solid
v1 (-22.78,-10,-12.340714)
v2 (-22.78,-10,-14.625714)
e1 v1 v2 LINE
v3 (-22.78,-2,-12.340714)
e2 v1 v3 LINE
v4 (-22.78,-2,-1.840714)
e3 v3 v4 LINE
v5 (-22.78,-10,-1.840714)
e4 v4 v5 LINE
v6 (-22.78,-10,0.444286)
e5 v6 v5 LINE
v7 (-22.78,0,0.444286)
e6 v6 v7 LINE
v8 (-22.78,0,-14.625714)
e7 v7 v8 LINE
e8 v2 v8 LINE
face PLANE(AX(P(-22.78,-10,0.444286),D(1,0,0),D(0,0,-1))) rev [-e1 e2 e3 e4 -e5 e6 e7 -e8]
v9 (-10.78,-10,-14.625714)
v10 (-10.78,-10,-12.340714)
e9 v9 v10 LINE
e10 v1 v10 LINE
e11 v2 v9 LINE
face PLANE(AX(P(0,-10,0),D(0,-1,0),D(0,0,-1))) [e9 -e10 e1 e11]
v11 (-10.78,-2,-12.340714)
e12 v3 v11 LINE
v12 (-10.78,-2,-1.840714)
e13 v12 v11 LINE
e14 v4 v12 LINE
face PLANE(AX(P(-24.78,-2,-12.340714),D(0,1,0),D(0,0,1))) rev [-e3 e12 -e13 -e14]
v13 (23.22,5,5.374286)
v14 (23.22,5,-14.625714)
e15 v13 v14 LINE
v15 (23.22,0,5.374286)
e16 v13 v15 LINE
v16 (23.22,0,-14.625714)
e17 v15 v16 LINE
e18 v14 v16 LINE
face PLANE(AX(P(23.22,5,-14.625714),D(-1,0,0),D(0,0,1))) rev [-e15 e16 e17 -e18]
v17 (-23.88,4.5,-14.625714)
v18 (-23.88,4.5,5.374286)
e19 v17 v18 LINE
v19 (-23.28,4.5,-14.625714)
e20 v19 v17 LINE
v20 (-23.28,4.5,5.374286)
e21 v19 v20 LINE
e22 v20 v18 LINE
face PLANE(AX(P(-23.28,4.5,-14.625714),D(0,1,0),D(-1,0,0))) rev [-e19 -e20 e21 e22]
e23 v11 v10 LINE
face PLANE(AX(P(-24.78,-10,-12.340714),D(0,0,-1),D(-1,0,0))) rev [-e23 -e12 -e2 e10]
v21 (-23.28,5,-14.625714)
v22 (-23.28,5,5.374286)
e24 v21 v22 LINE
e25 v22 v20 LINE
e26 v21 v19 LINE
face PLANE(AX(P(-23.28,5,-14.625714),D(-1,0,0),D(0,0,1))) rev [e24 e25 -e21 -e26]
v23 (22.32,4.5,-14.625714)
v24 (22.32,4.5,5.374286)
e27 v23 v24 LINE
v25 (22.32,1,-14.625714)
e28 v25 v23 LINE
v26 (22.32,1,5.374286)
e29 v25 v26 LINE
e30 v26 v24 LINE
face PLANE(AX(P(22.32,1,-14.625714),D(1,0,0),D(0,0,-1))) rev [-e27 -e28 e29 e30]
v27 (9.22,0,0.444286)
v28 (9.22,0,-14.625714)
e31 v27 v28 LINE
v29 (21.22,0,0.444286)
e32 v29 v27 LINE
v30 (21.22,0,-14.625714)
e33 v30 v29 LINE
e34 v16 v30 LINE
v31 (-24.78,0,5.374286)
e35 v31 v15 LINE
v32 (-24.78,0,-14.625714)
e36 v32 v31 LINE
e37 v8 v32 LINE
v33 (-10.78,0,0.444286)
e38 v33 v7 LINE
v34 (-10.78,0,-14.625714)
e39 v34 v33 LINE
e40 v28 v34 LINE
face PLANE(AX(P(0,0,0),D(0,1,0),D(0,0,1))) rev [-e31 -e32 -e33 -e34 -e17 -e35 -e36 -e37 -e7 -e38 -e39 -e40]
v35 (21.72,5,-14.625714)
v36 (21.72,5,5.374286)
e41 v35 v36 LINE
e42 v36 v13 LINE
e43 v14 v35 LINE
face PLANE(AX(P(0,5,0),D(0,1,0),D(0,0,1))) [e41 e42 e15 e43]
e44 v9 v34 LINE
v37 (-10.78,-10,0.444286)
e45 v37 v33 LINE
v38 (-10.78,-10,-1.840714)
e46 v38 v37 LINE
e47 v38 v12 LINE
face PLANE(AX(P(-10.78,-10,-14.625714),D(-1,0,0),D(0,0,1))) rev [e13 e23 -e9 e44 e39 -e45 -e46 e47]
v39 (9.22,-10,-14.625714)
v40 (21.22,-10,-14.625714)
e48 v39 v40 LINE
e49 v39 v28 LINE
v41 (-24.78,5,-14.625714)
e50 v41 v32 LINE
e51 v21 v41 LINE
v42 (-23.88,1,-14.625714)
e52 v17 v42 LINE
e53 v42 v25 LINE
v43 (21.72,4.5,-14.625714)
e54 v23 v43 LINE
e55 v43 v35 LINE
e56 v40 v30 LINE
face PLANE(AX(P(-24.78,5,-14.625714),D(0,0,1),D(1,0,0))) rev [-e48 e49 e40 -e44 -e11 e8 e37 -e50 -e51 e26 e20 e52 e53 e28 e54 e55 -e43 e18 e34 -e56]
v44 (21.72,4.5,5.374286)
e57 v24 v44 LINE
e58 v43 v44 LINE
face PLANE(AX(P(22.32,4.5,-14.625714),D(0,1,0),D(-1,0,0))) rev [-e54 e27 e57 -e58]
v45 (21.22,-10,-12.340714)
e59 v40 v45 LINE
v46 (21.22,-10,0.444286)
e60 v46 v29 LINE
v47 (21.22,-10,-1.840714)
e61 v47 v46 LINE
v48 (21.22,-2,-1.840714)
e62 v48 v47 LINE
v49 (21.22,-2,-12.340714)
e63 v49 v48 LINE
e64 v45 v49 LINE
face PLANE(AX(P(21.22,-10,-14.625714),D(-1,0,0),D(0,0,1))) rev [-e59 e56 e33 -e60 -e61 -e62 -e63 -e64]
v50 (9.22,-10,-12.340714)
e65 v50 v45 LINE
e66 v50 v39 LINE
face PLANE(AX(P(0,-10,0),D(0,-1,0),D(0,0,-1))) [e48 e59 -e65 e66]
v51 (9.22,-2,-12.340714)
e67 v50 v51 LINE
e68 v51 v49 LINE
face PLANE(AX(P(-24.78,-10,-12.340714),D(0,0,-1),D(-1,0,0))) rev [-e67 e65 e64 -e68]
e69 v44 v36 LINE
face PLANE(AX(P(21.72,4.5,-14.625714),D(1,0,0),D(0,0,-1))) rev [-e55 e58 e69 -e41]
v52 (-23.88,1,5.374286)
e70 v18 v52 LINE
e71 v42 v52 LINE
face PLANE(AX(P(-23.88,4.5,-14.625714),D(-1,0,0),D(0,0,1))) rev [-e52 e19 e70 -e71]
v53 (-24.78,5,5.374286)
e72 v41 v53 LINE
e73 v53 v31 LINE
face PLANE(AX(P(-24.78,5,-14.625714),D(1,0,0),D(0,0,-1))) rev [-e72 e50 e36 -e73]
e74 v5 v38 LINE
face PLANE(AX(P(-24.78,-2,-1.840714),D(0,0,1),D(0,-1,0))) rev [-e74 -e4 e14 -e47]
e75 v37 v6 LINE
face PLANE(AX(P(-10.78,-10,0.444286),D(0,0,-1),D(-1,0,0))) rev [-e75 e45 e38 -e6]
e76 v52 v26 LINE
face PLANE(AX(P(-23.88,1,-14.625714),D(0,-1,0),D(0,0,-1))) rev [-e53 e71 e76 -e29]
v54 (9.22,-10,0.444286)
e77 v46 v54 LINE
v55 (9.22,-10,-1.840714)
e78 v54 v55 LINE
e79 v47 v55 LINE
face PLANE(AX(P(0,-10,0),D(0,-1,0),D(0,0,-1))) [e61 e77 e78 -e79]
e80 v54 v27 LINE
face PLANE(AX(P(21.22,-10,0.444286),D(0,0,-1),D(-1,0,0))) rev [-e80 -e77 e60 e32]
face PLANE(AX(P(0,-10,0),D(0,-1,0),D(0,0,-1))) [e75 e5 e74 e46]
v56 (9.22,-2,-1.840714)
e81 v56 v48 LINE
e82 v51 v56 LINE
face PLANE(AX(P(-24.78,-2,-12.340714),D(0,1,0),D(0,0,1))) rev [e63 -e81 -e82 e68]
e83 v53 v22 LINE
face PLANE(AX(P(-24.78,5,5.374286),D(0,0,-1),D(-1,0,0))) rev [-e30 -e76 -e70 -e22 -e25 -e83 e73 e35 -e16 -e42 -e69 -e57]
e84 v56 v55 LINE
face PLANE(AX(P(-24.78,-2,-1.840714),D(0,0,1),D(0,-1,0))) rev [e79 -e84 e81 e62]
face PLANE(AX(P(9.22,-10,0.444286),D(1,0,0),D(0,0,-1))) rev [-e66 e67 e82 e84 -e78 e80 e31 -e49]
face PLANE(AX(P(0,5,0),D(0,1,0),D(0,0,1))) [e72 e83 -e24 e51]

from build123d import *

# Parameters (mm, degrees)
SKETCH_1_W          = 48
SKETCH_1_H          = 20
EXTRUDE_1_DEPTH     = 5
CUT_EXTRUDE_1_DEPTH = 33.234273685
SKETCH_3_W          = 12
SKETCH_3_H          = 15.07
EXTRUDE_2_DEPTH     = 10
SKETCH_4_W          = 10.5
SKETCH_4_H          = 8
CUT_EXTRUDE_2_DEPTH = 50.294132697


with BuildPart() as part:
    # 草图1 → 凸台-拉伸1 (new body)
    with BuildSketch(Plane(origin=(0, 0, 0), x_dir=(1, 0, 0), z_dir=(0, 1, 0))):
        with Locations((-0.78, 4.625714286)):
            Rectangle(SKETCH_1_W, SKETCH_1_H)
    extrude(amount=EXTRUDE_1_DEPTH)

    # 草图2 → 切除-拉伸1 (cut, through all)
    with BuildSketch(Plane.XY.offset(5.374285714)):
        Polygon((-23.28, 5), (-23.28, 4.5), (-23.88, 4.5), (-23.88, 1), (22.32, 1), (22.32, 4.5), (21.72, 4.5), (21.72, 5), align=None)
    extrude(amount=-CUT_EXTRUDE_1_DEPTH, mode=Mode.SUBTRACT)

    # 草图3 → 凸台-拉伸2 (add)
    with BuildSketch(Plane.XZ):
        with Locations((-16.78, -7.090714286)):
            Rectangle(SKETCH_3_W, SKETCH_3_H)
        with Locations((15.22, -7.090714286)):
            Rectangle(SKETCH_3_W, SKETCH_3_H)
    extrude(amount=EXTRUDE_2_DEPTH)

    # 草图4 → 切除-拉伸2 (cut, through all)
    with BuildSketch(Plane(origin=(21.22, 0, 0), x_dir=(0, 0, -1), z_dir=(1, 0, 0))):
        with Locations((7.090714286, -6)):
            Rectangle(SKETCH_4_W, SKETCH_4_H)
    extrude(amount=-CUT_EXTRUDE_2_DEPTH, mode=Mode.SUBTRACT)


solid = part.part
